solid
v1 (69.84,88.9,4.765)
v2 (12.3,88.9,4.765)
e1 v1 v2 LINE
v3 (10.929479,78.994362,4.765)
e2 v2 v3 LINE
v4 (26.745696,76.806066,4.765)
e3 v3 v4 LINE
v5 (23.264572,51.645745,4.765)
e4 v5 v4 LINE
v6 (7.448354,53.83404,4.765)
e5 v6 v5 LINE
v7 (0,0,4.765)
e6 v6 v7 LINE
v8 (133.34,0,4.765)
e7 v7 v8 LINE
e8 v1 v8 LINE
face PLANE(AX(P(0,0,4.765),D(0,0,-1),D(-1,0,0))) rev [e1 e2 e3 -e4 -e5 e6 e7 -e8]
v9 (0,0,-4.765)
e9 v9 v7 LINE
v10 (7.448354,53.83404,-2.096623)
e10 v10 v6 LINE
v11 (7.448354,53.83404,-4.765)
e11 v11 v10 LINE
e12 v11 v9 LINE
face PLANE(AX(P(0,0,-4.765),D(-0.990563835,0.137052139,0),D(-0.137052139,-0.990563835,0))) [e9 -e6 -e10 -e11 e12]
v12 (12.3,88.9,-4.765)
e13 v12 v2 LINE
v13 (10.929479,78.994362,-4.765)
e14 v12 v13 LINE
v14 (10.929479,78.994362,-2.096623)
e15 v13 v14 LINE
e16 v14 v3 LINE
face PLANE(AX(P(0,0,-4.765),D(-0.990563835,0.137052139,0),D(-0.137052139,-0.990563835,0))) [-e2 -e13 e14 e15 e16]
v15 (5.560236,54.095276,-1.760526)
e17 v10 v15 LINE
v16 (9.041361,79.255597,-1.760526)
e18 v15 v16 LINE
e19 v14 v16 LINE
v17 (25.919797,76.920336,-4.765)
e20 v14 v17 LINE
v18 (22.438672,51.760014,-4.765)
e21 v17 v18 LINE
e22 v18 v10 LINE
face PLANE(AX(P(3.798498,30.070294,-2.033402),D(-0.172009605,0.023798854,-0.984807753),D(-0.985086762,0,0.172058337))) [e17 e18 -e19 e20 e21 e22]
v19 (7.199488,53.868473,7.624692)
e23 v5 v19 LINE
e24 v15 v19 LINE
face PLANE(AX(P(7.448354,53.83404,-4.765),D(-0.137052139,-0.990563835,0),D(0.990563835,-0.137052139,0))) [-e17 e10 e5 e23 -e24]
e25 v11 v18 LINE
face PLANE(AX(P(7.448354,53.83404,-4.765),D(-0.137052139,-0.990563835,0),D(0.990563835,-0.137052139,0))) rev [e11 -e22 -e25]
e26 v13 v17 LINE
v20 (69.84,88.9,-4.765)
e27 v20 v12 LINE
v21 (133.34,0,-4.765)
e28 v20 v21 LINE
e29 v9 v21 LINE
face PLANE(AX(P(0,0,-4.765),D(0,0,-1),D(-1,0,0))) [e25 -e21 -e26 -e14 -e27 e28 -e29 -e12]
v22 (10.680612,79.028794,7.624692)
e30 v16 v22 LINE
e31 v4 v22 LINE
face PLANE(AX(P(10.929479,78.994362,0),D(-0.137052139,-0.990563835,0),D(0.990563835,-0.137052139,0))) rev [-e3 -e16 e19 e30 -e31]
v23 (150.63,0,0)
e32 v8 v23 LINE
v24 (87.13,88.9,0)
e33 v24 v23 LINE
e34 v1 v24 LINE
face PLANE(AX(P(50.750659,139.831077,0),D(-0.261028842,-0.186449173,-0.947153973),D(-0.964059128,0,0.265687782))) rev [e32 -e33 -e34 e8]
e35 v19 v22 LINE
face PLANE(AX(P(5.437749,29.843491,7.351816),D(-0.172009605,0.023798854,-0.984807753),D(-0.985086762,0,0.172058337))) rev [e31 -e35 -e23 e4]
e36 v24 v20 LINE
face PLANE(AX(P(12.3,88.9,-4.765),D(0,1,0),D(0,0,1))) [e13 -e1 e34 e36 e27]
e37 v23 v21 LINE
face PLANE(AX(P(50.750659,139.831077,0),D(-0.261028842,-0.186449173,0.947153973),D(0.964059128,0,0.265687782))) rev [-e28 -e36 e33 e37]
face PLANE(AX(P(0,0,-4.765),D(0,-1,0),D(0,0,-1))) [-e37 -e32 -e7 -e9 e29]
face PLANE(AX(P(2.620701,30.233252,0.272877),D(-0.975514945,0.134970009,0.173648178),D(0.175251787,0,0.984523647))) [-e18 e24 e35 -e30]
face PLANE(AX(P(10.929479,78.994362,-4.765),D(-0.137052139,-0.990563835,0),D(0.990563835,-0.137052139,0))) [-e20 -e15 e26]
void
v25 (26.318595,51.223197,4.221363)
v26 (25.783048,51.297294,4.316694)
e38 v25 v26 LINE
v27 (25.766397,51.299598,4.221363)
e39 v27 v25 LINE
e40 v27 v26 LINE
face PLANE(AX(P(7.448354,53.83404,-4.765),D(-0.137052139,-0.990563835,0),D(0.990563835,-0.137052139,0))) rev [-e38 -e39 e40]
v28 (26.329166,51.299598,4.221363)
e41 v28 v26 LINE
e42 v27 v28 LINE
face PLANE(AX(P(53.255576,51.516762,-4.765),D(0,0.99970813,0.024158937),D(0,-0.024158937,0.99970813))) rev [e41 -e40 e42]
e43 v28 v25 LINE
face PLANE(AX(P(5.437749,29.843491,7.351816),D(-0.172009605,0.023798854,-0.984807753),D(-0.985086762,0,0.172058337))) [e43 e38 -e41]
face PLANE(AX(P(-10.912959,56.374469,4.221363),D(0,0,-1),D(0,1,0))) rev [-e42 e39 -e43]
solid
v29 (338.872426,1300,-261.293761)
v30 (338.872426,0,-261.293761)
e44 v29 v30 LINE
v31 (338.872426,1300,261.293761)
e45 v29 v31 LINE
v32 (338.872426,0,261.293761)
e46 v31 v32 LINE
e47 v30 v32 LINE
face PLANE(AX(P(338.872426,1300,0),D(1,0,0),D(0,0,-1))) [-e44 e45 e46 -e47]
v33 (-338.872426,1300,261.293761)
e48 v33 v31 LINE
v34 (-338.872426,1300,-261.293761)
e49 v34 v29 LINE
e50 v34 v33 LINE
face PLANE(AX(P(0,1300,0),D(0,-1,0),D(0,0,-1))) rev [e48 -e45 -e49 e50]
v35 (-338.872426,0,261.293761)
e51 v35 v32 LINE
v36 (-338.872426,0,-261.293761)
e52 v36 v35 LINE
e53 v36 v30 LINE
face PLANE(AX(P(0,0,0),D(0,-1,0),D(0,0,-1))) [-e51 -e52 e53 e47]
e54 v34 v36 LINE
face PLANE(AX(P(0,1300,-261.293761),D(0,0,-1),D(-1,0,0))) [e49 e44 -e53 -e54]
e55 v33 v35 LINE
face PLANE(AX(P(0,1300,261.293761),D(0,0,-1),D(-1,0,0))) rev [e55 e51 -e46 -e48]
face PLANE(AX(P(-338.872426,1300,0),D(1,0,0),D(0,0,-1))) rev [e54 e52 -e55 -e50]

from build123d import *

# Parameters (mm, degrees)
BOSS_EXTRUDE1_DEPTH      = 4.765
BOSS_EXTRUDE1_DEPTH_BACK = 4.765
CUT_EXTRUDE1_DEPTH       = 134.257142857
CUT_EXTRUDE2_DEPTH       = 176.166857025
BOSS_EXTRUDE2_DEPTH      = 25.4
BOSS_EXTRUDE3_REACH      = 168.247
BOSS_EXTRUDE4_REACH      = 162.602
CUT_EXTRUDE4_DEPTH       = 176.073535498
CUT_EXTRUDE4_DEPTH_BACK  = 176.073535498
SKETCH8_W                = 29.497845824
SKETCH8_H                = 11.821808138
BOSS_EXTRUDE5_REACH      = 162.602
SKETCH10_W               = 677.744852518
SKETCH10_H               = 522.587521888
BOSS_EXTRUDE6_DEPTH      = 1300


with BuildPart() as part:
    # Sketch1 → Boss-Extrude1 (new, two sides: drawn at the far end of the back side and taken through both)
    with BuildSketch(Plane.XY.offset(-BOSS_EXTRUDE1_DEPTH_BACK)):
        Polygon((0, 0), (150.63, 0), (87.13, 88.9), (12.3, 88.9), align=None)
    extrude(amount=BOSS_EXTRUDE1_DEPTH + BOSS_EXTRUDE1_DEPTH_BACK)

    # Sketch2 → Cut-Extrude1 (cut, along a direction that is not the sketch's normal)
    with BuildSketch(Plane.XZ):
        Polygon((150.63, 0), (133.34, 4.765), (171.670273927, 17.698707495), (171.005533739, -7.644512157), (148.071997267, -23.348999089), (133.34, -4.765), align=None)
    extrude(amount=-CUT_EXTRUDE1_DEPTH, dir=(0.5812381937190965, -0.8137334712067349, 0), mode=Mode.SUBTRACT)

    # Sketch3 → Cut-Extrude2 (cut, through all)
    with BuildSketch(Plane.XY.offset(4.765)):
        Polygon((29.799719665, 76.3835184), (10.929478609, 78.99436165), (7.448354274, 53.834040242), (26.31859533, 51.223196991), align=None)
    extrude(amount=-CUT_EXTRUDE2_DEPTH, mode=Mode.SUBTRACT)

    # Sketch4 → Boss-Extrude2 (add)
    with BuildSketch(Plane(origin=(10.929478609, 78.99436165, 0), x_dir=(0.9905638349724135, -0.1370521391469141, 0), z_dir=(-0.1370521391469141, -0.9905638349724135, 0))):
        Polygon((-1.906104256, -1.760525647), (0, -2.096623256), (0, 4.765), (14.191997191, 4.765), (14.245516561, 5.068523432), (-0.251237123, 7.624692239), align=None)
        with BuildLine():
            Line((0, -2.096623256), (12.590649428, -4.316694454))
            Line((12.590649428, -4.316694454), (12.940515204, -2.332507041))
            ThreePointArc((12.940515204, -2.332507041), (12.103172864, 0.607768622), (13.895650785, 3.084336019))
            Line((13.895650785, 3.084336019), (14.191997191, 4.765))
            Line((14.191997191, 4.765), (0, 4.765))
            Line((0, 4.765), (0, -2.096623256))
        make_face()
        with BuildLine():
            ThreePointArc((13.895650785, 3.084336019), (12.103172864, 0.607768622), (12.940515204, -2.332507041))
            Line((12.940515204, -2.332507041), (13.895650785, 3.084336019))
        make_face()
        with BuildLine():
            ThreePointArc((12.940515204, -2.332507041), (14.942231378, -3.446827136), (17.204349215, -3.084336019))
            Line((17.204349215, -3.084336019), (18.159484796, 2.332507041))
            ThreePointArc((18.159484796, 2.332507041), (16.157768622, 3.446827136), (13.895650785, 3.084336019))
            Line((13.895650785, 3.084336019), (12.940515204, -2.332507041))
        make_face()
        with BuildLine():
            ThreePointArc((13.895650785, 3.084336019), (16.157768622, 3.446827136), (18.159484796, 2.332507041))
            Line((18.159484796, 2.332507041), (18.509350572, 4.316694454))
            Line((18.509350572, 4.316694454), (15.966883482, 4.765))
            Line((15.966883482, 4.765), (14.191997191, 4.765))
            Line((14.191997191, 4.765), (13.895650785, 3.084336019))
        make_face()
        Polygon((14.245516561, 5.068523432), (14.191997191, 4.765), (15.966883482, 4.765), align=None)
        with BuildLine():
            Line((12.590649428, -4.316694454), (15.133116518, -4.765))
            Line((15.133116518, -4.765), (16.908002809, -4.765))
            Line((16.908002809, -4.765), (17.204349215, -3.084336019))
            ThreePointArc((17.204349215, -3.084336019), (14.942231378, -3.446827136), (12.940515204, -2.332507041))
            Line((12.940515204, -2.332507041), (12.590649428, -4.316694454))
        make_face()
        Polygon((15.133116518, -4.765), (16.854483439, -5.068523432), (16.908002809, -4.765), align=None)
    extrude(amount=BOSS_EXTRUDE2_DEPTH)

    # Boss-Extrude3: up to this plane
    boss_extrude3_end = Plane(origin=(18.870241056, -2.610843251, -4.765), z_dir=(-0.9905638349724135, 0.13705213914691478, 0))
    # Sketch5 → Boss-Extrude3 (add, up to the surface)
    with BuildSketch(Plane(origin=(17.050602168, -2.35908219, -3.035121103), x_dir=(-0.1720096048057269, 0.02379885420821639, -0.9848077530122078), z_dir=(0.9755149445343381, -0.134970009198789, -0.17364817766693175)), mode=Mode.PRIVATE) as boss_extrude3_sk1:
        Polygon((1.756565067, 54.346866241), (2.064770837, 54.346866241), (2.064770837, 79.746866241), (1.756565067, 79.746866241), (-7.465229163, 79.746866241), (-7.465229163, 54.346866241), align=None)
    boss_extrude3_tool1 = split(extrude(boss_extrude3_sk1.sketch, amount=BOSS_EXTRUDE3_REACH, dir=(1, 0, 0), mode=Mode.PRIVATE), bisect_by=boss_extrude3_end, keep=Keep.BOTH, mode=Mode.PRIVATE)
    add(boss_extrude3_tool1.solids().sort_by_distance((26.703984, 63.990856, -0.375914))[0])

    # Boss-Extrude4: up to this face of the body (flat: up to its plane)
    boss_extrude4_end = Plane(part.part.faces().sort_by_distance((18.23182988, 65.163044194, 5.970693347))[0])
    # Sketch6 → Boss-Extrude4 (add, up to the picked face)
    with BuildSketch(Plane(origin=(18.870241056, -2.610843251, 0), x_dir=(0, 0, 1), z_dir=(-0.9905638349724135, 0.1370521391469148, 0)), mode=Mode.PRIVATE) as boss_extrude4_sk1:
        Polygon((4.765, 79.746866241), (4.316694454, 79.746866241), (4.316694454, 54.421669255), (-4.765, 54.643228057), (-4.765, 54.346866241), (4.765, 54.346866241), align=None)
    boss_extrude4_tool1 = split(extrude(boss_extrude4_sk1.sketch, amount=BOSS_EXTRUDE4_REACH, mode=Mode.PRIVATE), bisect_by=boss_extrude4_end, keep=Keep.BOTH, mode=Mode.PRIVATE)
    add(boss_extrude4_tool1.solids().sort_by(Axis((29.762539, 76.114789, 4.540847), (-0.9905638349724135, 0.1370521391469148, 0)))[0])

    # Sketch8 → Cut-Extrude4 (cut, two sides: drawn at the far end of the back side and taken through both)
    with BuildSketch(Plane(origin=(0, 88.9, 0), x_dir=(1, 0, 0), z_dir=(0, 1, 0)).offset(-CUT_EXTRUDE4_DEPTH_BACK)):
        with Locations((33.561006967, 10.675904069)):
            Rectangle(SKETCH8_W, SKETCH8_H)
    extrude(amount=CUT_EXTRUDE4_DEPTH + CUT_EXTRUDE4_DEPTH_BACK, mode=Mode.SUBTRACT)

    # Sketch9 → Boss-Extrude5 (add, up to next)
    with BuildSketch(Plane(origin=(18.870241056, -2.610843251, 0), x_dir=(0, 0, 1), z_dir=(-0.9905638349724135, 0.1370521391469148, 0)), mode=Mode.PRIVATE) as boss_extrude5_sk1:
        Polygon((4.221363373, 54.346866241), (4.221363373, 54.423994971), (-4.765, 54.643228057), (-4.765, 54.346866241), align=None)
    boss_extrude5_tool1 = extrude(boss_extrude5_sk1.sketch, amount=BOSS_EXTRUDE5_REACH, mode=Mode.PRIVATE) - part.part
    add(boss_extrude5_tool1.solids().sort_by_distance((26.332862, 51.326311, -1.150961))[0])


with BuildPart() as body_2:
    # Sketch10 → Boss-Extrude6 (new body)
    # profile 1 of 2: a face of its own
    with BuildSketch(Plane.XZ):
        Rectangle(SKETCH10_W, SKETCH10_H)
        Polygon((150.63, 0), (133.34, 4.765), (0, 4.765), (0, -4.765), (133.34, -4.765), align=None, mode=Mode.SUBTRACT)
    # profile 2 of 2: a face of its own
    with BuildSketch(Plane.XZ):
        Polygon((133.34, -4.765), (150.63, 0), (133.34, 4.765), (0, 4.765), (0, -4.765), align=None)
    extrude(amount=-BOSS_EXTRUDE6_DEPTH)


solid = Compound([part.part, body_2.part])
